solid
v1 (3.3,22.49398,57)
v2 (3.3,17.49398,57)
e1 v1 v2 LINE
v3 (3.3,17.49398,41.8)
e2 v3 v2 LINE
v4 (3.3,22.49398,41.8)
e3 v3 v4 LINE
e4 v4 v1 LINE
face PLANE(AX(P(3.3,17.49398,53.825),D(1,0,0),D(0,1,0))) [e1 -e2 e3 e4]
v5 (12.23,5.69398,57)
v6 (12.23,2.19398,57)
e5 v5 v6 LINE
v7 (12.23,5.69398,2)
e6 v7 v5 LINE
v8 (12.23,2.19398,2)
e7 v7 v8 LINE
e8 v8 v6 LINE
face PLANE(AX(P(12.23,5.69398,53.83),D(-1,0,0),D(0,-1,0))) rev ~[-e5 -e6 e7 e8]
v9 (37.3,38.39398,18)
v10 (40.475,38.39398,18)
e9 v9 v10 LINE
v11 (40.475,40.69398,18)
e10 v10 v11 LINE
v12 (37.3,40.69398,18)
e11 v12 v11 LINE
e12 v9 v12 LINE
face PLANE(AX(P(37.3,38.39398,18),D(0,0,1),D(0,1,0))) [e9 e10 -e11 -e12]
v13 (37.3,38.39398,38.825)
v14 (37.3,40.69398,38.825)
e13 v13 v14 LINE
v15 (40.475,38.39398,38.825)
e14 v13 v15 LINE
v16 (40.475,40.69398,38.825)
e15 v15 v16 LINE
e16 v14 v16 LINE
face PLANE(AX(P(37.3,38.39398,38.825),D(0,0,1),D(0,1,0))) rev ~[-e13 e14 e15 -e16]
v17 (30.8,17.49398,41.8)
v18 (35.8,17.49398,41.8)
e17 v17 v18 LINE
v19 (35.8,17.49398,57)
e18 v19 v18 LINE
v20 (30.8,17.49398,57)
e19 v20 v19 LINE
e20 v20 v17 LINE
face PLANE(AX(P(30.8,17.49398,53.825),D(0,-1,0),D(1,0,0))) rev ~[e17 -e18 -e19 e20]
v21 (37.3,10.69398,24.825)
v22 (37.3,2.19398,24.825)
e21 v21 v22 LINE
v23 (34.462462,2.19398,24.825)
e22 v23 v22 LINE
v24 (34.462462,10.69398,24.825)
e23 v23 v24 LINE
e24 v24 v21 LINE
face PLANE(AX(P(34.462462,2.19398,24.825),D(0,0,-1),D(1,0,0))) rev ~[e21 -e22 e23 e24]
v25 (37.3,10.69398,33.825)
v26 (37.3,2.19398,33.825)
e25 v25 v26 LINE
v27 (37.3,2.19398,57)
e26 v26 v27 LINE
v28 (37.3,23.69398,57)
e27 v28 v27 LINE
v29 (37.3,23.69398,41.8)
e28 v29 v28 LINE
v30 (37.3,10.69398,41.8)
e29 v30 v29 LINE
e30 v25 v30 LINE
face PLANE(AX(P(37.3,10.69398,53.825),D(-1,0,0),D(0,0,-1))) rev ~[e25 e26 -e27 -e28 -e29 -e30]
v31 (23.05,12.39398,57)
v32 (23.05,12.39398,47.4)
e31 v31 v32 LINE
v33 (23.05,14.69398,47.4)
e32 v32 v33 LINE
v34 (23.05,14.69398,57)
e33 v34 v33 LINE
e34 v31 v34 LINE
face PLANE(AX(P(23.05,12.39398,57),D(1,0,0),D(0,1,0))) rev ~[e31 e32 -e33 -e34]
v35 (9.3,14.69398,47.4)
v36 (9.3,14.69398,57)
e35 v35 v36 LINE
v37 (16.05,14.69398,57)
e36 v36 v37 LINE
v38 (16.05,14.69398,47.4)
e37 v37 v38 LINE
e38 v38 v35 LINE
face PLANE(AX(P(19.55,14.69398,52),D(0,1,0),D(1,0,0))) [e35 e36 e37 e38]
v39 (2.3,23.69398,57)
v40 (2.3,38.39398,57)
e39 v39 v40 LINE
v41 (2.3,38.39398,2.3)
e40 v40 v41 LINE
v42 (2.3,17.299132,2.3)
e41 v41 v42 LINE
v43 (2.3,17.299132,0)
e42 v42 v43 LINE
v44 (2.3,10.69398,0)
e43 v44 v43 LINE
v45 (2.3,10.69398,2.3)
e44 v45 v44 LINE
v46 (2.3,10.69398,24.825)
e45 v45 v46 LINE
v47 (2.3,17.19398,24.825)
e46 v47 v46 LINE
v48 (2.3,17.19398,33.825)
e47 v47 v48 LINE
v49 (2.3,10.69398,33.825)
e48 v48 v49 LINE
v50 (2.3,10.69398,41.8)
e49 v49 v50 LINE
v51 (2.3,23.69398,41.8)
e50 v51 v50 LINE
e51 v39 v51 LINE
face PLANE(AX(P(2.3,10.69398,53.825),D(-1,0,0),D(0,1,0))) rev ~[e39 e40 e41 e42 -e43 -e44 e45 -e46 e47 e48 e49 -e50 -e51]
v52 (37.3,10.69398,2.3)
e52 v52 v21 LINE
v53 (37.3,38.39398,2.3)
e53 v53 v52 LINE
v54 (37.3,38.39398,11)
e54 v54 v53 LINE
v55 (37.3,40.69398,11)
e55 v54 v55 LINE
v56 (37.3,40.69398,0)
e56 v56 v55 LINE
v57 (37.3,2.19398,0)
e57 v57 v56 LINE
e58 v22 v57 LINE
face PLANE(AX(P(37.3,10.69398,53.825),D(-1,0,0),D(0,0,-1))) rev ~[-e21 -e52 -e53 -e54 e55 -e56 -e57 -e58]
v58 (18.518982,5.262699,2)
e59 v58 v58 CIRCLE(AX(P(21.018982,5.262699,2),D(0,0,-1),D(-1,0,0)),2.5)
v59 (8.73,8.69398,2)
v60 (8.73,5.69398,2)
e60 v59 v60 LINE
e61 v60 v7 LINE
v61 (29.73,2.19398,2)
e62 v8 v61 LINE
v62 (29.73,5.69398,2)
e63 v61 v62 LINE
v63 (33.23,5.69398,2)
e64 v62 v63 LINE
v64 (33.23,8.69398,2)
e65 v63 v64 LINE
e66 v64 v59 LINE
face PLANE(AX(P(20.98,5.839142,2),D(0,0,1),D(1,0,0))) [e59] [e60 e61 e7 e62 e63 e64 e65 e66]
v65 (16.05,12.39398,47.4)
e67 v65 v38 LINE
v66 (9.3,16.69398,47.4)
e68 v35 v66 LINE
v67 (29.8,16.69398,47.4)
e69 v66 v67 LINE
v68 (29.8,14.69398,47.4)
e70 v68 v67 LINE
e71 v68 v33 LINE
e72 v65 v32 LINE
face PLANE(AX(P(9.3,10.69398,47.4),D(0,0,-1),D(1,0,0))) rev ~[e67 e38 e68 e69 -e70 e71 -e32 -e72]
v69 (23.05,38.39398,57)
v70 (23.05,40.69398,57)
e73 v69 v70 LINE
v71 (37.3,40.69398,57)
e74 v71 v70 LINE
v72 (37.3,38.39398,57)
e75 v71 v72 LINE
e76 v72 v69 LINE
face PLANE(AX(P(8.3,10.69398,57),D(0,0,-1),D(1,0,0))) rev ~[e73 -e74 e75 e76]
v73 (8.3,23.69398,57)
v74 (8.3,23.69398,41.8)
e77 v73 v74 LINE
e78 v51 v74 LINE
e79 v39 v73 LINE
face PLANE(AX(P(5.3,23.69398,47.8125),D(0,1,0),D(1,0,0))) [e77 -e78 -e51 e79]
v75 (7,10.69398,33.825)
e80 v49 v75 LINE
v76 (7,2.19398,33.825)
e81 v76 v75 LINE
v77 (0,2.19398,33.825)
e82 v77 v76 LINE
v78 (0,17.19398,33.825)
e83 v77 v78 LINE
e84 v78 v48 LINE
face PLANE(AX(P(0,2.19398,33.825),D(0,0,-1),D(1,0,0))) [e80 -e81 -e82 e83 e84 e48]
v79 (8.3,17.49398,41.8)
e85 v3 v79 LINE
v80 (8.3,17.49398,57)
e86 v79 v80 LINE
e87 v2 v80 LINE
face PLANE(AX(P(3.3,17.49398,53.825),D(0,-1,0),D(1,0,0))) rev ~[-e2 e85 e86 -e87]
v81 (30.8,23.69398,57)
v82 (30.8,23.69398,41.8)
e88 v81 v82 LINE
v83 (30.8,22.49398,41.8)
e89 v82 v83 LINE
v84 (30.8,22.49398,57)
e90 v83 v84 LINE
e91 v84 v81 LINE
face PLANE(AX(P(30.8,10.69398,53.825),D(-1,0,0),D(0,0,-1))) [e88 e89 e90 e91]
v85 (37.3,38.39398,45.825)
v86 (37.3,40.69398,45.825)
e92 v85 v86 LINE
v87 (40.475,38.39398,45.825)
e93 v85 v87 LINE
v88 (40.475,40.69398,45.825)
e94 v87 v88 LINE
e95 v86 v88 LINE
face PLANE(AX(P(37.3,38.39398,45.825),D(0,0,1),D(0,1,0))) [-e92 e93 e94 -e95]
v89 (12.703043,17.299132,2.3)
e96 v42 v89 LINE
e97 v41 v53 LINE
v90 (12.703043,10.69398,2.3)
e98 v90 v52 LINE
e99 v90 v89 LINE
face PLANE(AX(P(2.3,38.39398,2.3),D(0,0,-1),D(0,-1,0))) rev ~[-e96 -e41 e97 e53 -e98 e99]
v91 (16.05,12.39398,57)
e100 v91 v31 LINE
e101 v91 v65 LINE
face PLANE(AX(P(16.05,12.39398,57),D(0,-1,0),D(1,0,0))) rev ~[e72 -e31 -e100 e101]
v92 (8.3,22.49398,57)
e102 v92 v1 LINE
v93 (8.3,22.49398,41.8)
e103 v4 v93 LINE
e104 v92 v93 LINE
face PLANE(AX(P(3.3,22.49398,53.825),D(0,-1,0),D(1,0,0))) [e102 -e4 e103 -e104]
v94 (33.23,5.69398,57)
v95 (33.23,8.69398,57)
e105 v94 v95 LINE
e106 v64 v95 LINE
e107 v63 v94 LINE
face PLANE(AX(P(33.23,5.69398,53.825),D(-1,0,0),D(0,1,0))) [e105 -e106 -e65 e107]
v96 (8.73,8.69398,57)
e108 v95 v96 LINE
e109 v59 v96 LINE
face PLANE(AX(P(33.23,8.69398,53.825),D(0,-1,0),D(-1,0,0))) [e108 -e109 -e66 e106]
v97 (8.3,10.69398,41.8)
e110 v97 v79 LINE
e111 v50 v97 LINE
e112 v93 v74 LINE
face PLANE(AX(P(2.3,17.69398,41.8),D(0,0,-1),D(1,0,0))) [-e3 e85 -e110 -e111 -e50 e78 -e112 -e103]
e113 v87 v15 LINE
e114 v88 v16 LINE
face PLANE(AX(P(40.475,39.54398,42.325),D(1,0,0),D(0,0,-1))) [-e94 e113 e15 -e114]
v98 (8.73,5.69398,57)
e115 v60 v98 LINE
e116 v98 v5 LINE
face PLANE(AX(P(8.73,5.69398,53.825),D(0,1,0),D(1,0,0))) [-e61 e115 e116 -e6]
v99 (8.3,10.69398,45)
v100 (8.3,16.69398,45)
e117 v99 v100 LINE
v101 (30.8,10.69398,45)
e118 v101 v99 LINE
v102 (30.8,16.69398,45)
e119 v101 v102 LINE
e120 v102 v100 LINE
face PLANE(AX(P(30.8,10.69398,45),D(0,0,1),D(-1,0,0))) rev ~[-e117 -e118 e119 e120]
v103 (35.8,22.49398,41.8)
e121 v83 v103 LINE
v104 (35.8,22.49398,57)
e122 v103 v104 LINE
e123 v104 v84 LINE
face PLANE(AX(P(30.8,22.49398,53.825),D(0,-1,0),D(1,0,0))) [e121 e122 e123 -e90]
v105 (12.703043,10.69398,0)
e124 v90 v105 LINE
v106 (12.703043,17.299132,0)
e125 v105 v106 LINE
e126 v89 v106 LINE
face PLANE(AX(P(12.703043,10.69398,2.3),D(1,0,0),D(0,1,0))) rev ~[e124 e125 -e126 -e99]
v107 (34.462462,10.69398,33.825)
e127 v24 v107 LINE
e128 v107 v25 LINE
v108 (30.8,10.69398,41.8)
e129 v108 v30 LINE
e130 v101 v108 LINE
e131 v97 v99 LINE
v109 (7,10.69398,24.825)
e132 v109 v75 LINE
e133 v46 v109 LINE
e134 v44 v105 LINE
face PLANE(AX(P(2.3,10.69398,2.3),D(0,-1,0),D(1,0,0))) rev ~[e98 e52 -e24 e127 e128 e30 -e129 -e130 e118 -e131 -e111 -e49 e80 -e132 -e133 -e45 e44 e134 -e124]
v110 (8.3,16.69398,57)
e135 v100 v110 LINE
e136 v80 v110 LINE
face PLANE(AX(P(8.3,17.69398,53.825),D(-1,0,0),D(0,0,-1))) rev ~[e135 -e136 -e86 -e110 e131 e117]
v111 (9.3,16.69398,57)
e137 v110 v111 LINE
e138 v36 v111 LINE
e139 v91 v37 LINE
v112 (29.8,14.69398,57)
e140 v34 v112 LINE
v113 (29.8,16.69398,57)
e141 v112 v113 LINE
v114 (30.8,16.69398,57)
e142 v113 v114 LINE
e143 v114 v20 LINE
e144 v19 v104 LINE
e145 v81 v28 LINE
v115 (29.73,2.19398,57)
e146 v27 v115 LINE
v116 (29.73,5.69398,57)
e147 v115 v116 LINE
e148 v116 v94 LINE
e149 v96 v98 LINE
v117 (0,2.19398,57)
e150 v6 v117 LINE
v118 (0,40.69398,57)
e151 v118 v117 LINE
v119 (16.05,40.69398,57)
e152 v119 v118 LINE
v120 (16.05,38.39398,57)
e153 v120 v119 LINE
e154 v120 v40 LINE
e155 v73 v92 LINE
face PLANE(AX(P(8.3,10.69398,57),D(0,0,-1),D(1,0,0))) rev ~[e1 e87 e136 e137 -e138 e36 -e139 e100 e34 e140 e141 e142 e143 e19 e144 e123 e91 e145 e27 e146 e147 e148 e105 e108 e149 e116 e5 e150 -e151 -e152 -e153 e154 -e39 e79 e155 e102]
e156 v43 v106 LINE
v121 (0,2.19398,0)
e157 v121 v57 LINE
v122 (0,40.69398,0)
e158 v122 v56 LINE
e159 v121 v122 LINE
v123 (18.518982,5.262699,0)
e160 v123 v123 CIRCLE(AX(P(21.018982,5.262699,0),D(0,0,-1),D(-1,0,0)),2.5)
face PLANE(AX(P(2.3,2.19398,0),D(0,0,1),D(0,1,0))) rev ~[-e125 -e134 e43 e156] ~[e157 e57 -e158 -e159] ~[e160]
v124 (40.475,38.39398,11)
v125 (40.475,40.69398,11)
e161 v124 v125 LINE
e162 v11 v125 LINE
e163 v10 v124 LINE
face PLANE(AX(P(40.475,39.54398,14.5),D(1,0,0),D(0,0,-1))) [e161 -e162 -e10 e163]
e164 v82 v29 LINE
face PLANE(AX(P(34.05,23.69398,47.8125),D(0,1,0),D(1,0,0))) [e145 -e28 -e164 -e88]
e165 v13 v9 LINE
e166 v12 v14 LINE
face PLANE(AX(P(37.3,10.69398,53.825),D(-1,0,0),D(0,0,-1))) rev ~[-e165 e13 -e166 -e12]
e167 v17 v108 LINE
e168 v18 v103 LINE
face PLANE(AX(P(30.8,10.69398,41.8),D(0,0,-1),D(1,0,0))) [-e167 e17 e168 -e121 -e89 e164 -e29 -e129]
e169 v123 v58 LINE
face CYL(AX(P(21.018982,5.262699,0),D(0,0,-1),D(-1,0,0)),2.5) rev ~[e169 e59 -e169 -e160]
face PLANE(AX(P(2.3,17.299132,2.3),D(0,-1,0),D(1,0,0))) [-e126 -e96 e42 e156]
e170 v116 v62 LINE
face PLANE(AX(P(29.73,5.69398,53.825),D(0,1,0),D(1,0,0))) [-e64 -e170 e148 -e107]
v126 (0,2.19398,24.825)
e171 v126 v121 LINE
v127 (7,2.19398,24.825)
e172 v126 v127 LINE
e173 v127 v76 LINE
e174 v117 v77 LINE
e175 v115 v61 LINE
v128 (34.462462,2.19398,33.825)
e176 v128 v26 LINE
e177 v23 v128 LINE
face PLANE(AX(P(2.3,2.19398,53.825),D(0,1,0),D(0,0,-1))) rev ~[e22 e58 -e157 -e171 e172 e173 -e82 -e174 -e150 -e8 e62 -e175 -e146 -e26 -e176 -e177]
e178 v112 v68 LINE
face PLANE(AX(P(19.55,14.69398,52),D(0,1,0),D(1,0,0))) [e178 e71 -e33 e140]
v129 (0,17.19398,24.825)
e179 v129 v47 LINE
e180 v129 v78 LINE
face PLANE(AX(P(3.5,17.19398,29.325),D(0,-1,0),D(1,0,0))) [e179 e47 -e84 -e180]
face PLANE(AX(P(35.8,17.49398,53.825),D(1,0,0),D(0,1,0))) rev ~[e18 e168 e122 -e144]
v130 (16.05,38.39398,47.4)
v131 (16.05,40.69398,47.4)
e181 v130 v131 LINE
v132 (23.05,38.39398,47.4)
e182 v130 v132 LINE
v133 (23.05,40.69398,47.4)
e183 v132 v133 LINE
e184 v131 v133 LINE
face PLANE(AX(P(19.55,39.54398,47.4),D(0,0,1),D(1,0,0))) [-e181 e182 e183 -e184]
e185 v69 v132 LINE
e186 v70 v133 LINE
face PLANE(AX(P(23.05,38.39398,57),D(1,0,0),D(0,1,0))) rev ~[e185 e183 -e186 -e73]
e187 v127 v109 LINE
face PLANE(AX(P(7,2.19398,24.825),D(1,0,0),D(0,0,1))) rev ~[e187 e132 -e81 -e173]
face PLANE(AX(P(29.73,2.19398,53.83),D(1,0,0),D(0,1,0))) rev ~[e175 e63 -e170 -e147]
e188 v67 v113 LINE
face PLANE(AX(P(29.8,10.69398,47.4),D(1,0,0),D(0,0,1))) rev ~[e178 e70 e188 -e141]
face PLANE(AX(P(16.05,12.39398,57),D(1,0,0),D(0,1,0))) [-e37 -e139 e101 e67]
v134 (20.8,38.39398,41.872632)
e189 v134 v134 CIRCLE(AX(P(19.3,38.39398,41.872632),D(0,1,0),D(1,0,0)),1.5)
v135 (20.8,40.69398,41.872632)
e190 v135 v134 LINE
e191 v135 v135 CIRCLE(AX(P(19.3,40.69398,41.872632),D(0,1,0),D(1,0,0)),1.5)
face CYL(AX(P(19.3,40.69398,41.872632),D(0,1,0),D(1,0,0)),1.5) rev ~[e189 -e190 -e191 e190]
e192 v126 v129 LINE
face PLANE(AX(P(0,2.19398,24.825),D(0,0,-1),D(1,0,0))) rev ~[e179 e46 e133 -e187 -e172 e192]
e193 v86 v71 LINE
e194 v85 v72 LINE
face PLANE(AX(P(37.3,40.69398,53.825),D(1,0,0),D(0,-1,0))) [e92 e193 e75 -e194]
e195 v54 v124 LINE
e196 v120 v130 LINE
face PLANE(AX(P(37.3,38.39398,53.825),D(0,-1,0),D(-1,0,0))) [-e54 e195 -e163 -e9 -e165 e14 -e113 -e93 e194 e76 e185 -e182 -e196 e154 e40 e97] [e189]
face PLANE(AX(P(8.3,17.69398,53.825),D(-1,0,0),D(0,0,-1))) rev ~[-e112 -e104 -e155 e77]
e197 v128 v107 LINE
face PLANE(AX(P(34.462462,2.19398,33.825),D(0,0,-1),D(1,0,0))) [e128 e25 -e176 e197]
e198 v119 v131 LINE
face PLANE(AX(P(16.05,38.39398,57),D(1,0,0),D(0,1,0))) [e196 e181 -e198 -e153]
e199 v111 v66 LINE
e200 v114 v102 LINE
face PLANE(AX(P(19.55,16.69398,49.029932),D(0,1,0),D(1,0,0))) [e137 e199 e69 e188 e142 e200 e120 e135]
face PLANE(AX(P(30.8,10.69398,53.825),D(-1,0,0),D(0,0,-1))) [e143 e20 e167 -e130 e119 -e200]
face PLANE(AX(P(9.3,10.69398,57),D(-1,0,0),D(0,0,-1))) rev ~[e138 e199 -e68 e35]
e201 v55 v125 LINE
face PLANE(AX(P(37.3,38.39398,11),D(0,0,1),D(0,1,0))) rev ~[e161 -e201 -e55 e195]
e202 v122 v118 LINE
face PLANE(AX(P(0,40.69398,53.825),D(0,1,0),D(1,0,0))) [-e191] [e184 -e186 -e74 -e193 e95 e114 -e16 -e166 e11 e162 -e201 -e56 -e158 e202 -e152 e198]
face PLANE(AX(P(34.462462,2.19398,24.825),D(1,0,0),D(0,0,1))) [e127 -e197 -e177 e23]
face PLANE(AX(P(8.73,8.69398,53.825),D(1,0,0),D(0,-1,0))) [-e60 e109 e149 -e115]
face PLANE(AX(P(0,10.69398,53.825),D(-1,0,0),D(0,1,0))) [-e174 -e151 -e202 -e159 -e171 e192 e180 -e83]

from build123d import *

# Parameters (mm, degrees)
SKETCH1_W               = 53.825
SKETCH1_H               = 38.5
MAIN_EXTRUDE_DEPTH      = 2.3
WALLS_DEPTH             = 35
SKETCH36_W              = 7
SKETCH36_H              = 2.3
SKETCH36_W_2            = 2.3
SKETCH36_H_2            = 7
PUZZLE_MAIN_WALLS_DEPTH = 3.175
SKETCH25_W              = 10.403042977
SKETCH25_H              = 6.605151166
WIRE_HOLE_DEPTH         = 3.3
SKETCH19_W              = 6.5
SKETCH19_H              = 12.025
SKETCH19_W_2            = 6
IR_MOUNT_DEPTH          = 7
MAGNET_MOUNT_HOLE_DEPTH = 51.83
SKETCH40_R              = 1.5
LED_SPACE_DEPTH         = 3
SKETCH42_W              = 7
SKETCH42_H              = 2.3
BOSS_EXTRUDE15_DEPTH    = 3.175
SKETCH44_W              = 6
SKETCH44_H              = 12.025
SKETCH44_W_2            = 6.5
BOSS_EXTRUDE16_DEPTH    = 6
SKETCH45_W              = 5
SKETCH45_H              = 5
IR_PLACEMENT_DEPTH      = 12.025
SKETCH47_R              = 2.5
CUT_EXTRUDE2_DEPTH      = 2
SKETCH48_W              = 7
SKETCH48_H              = 9
CUT_EXTRUDE3_DEPTH      = 15
BOSS_EXTRUDE17_DEPTH    = 3.175
SKETCH51_W              = 22.5
SKETCH51_H              = 10
BOSS_EXTRUDE18_DEPTH    = 4
BOSS_EXTRUDE19_DEPTH    = 6
SKETCH54_W              = 7
SKETCH54_H              = 2.3
CUT_EXTRUDE5_DEPTH      = 9.6


with BuildPart() as part:
    # Sketch1 → main extrude (new body)
    with BuildSketch(Plane(origin=(0, 0, 0), x_dir=(0, 0, -1), z_dir=(1, 0, 0))):
        with Locations((-26.9125, 21.443980352)):
            Rectangle(SKETCH1_W, SKETCH1_H)
    extrude(amount=MAIN_EXTRUDE_DEPTH)

    # Sketch3 → walls (add)
    with BuildSketch(Plane(origin=(2.3, 0, 0), x_dir=(0, 0, -1), z_dir=(1, 0, 0))):
        Polygon((-2.3, 38.393980352), (-2.3, 10.693980352), (-53.825, 10.693980352), (-53.825, 2.193980352), (0, 2.193980352), (0, 40.693980352), (-53.825, 40.693980352), (-53.825, 38.393980352), align=None)
    extrude(amount=WALLS_DEPTH)

    # Sketch36 → Puzzle (main walls) (add)
    with BuildSketch(Plane.XY.offset(53.825)):
        with Locations((11.5, 39.543980352)):
            Rectangle(SKETCH36_W, SKETCH36_H)
        with Locations((26.5, 39.543980352)):
            Rectangle(SKETCH36_W, SKETCH36_H)
        with Locations((1.15, 29.193980352)):
            Rectangle(SKETCH36_W_2, SKETCH36_H_2)
        with Locations((1.15, 14.193980352)):
            Rectangle(SKETCH36_W_2, SKETCH36_H_2)
    extrude(amount=PUZZLE_MAIN_WALLS_DEPTH)

    # Sketch25 → Wire Hole (cut, through all)
    with BuildSketch(Plane.XY.offset(2.3)):
        with Locations((7.501521489, 13.996555935)):
            Rectangle(SKETCH25_W, SKETCH25_H)
    extrude(amount=-WIRE_HOLE_DEPTH, mode=Mode.SUBTRACT)

    # Sketch19 → IR mount (add)
    with BuildSketch(Plane(origin=(0, 10.693980352, 0), x_dir=(1, 0, 0), z_dir=(0, 1, 0))):
        with Locations((34.05, -47.8125)):
            Rectangle(SKETCH19_W, SKETCH19_H)
        with Locations((5.3, -47.8125)):
            Rectangle(SKETCH19_W_2, SKETCH19_H)
    extrude(amount=IR_MOUNT_DEPTH)

    # Sketch24 → Magnet Mount Hole (cut)
    with BuildSketch(Plane.XY.offset(53.83)):
        Polygon((12.23, 2.193980352), (29.73, 2.193980352), (29.73, 5.693980352), (33.23, 5.693980352), (33.23, 8.693980352), (8.73, 8.693980352), (8.73, 5.693980352), (12.23, 5.693980352), align=None)
    extrude(amount=-MAGNET_MOUNT_HOLE_DEPTH, mode=Mode.SUBTRACT)

    # Sketch40 → LED Space (cut)
    with BuildSketch(Plane(origin=(0, 40.693980352, 0), x_dir=(1, 0, 0), z_dir=(0, 1, 0))):
        with Locations((19.3, -41.872631961)):
            Circle(SKETCH40_R)
    extrude(amount=-LED_SPACE_DEPTH, mode=Mode.SUBTRACT)

    # Sketch42 → Boss-Extrude15 (add)
    with BuildSketch(Plane(origin=(37.3, 0, 0), x_dir=(0, 0, -1), z_dir=(1, 0, 0))):
        with Locations((-42.325, 39.543980352)):
            Rectangle(SKETCH42_W, SKETCH42_H)
        with Locations((-14.5, 39.543980352)):
            Rectangle(SKETCH42_W, SKETCH42_H)
    extrude(amount=BOSS_EXTRUDE15_DEPTH)

    # Sketch44 → Boss-Extrude16 (add)
    with BuildSketch(Plane(origin=(0, 17.693980352, 0), x_dir=(1, 0, 0), z_dir=(0, 1, 0))):
        with Locations((5.3, -47.8125)):
            Rectangle(SKETCH44_W, SKETCH44_H)
        with Locations((34.05, -47.8125)):
            Rectangle(SKETCH44_W_2, SKETCH44_H)
    extrude(amount=BOSS_EXTRUDE16_DEPTH)

    # Sketch45 → IR placement (cut)
    with BuildSketch(Plane.XY.offset(53.825)):
        with Locations((33.3, 19.993980352)):
            Rectangle(SKETCH45_W, SKETCH45_H)
        with Locations((5.8, 19.993980352)):
            Rectangle(SKETCH45_W, SKETCH45_H)
    extrude(amount=-IR_PLACEMENT_DEPTH, mode=Mode.SUBTRACT)

    # Sketch47 → Cut-Extrude2 (cut)
    with BuildSketch(Plane(origin=(0, 0, 0), x_dir=(-1, 0, 0), z_dir=(0, 0, -1))):
        with Locations((-21.018982331, 5.262699137)):
            Circle(SKETCH47_R)
    extrude(amount=-CUT_EXTRUDE2_DEPTH, mode=Mode.SUBTRACT)

    # Sketch48 → Cut-Extrude3 (cut)
    with BuildSketch(Plane.XZ.offset(-2.193980352)):
        with Locations((3.5, 29.325)):
            Rectangle(SKETCH48_W, SKETCH48_H)
        with Locations((37.962462444, 29.325)):
            Rectangle(SKETCH48_W, SKETCH48_H)
    extrude(amount=-CUT_EXTRUDE3_DEPTH, mode=Mode.SUBTRACT)

    # Sketch50 → Boss-Extrude17 (add)
    with BuildSketch(Plane.XY.offset(53.825)):
        Polygon((37.3, 38.393980352), (2.3, 38.393980352), (2.3, 23.693980352), (8.3, 23.693980352), (8.3, 22.493980352), (3.3, 22.493980352), (3.3, 17.493980352), (8.3, 17.493980352), (8.3, 10.693980352), (30.8, 10.693980352), (30.8, 17.493980352), (35.8, 17.493980352), (35.8, 22.493980352), (30.8, 22.493980352), (30.8, 23.693980352), (37.3, 23.693980352), (37.3, 2.193980352), (29.73, 2.193980352), (29.73, 5.693980352), (33.23, 5.693980352), (33.23, 8.693980352), (8.73, 8.693980352), (8.73, 5.693980352), (12.23, 5.693980352), (12.23, 2.193980352), (0, 2.193980352), (0, 40.693980352), (37.3, 40.693980352), align=None)
    extrude(amount=BOSS_EXTRUDE17_DEPTH)

    # Sketch51 → Boss-Extrude18 (add)
    with BuildSketch(Plane(origin=(0, 10.693980352, 0), x_dir=(1, 0, 0), z_dir=(0, 1, 0))):
        with Locations((19.55, -52)):
            Rectangle(SKETCH51_W, SKETCH51_H)
    extrude(amount=BOSS_EXTRUDE18_DEPTH)

    # Sketch52 → Boss-Extrude19 (add)
    with BuildSketch(Plane(origin=(0, 10.693980352, 0), x_dir=(1, 0, 0), z_dir=(0, 1, 0))):
        Polygon((9.3, -47.4), (29.8, -47.4), (29.8, -57), (30.8, -57), (30.8, -47), (30.8, -45), (8.3, -45), (8.3, -47), (8.3, -57), (9.3, -57), align=None)
    extrude(amount=BOSS_EXTRUDE19_DEPTH)

    # Sketch54 → Cut-Extrude5 (cut)
    with BuildSketch(Plane.XY.offset(57)):
        with Locations((19.55, 39.543980352)):
            Rectangle(SKETCH54_W, SKETCH54_H)
        with Locations((19.55, 13.543980352)):
            Rectangle(SKETCH54_W, SKETCH54_H)
    extrude(amount=-CUT_EXTRUDE5_DEPTH, mode=Mode.SUBTRACT)


solid = part.part
